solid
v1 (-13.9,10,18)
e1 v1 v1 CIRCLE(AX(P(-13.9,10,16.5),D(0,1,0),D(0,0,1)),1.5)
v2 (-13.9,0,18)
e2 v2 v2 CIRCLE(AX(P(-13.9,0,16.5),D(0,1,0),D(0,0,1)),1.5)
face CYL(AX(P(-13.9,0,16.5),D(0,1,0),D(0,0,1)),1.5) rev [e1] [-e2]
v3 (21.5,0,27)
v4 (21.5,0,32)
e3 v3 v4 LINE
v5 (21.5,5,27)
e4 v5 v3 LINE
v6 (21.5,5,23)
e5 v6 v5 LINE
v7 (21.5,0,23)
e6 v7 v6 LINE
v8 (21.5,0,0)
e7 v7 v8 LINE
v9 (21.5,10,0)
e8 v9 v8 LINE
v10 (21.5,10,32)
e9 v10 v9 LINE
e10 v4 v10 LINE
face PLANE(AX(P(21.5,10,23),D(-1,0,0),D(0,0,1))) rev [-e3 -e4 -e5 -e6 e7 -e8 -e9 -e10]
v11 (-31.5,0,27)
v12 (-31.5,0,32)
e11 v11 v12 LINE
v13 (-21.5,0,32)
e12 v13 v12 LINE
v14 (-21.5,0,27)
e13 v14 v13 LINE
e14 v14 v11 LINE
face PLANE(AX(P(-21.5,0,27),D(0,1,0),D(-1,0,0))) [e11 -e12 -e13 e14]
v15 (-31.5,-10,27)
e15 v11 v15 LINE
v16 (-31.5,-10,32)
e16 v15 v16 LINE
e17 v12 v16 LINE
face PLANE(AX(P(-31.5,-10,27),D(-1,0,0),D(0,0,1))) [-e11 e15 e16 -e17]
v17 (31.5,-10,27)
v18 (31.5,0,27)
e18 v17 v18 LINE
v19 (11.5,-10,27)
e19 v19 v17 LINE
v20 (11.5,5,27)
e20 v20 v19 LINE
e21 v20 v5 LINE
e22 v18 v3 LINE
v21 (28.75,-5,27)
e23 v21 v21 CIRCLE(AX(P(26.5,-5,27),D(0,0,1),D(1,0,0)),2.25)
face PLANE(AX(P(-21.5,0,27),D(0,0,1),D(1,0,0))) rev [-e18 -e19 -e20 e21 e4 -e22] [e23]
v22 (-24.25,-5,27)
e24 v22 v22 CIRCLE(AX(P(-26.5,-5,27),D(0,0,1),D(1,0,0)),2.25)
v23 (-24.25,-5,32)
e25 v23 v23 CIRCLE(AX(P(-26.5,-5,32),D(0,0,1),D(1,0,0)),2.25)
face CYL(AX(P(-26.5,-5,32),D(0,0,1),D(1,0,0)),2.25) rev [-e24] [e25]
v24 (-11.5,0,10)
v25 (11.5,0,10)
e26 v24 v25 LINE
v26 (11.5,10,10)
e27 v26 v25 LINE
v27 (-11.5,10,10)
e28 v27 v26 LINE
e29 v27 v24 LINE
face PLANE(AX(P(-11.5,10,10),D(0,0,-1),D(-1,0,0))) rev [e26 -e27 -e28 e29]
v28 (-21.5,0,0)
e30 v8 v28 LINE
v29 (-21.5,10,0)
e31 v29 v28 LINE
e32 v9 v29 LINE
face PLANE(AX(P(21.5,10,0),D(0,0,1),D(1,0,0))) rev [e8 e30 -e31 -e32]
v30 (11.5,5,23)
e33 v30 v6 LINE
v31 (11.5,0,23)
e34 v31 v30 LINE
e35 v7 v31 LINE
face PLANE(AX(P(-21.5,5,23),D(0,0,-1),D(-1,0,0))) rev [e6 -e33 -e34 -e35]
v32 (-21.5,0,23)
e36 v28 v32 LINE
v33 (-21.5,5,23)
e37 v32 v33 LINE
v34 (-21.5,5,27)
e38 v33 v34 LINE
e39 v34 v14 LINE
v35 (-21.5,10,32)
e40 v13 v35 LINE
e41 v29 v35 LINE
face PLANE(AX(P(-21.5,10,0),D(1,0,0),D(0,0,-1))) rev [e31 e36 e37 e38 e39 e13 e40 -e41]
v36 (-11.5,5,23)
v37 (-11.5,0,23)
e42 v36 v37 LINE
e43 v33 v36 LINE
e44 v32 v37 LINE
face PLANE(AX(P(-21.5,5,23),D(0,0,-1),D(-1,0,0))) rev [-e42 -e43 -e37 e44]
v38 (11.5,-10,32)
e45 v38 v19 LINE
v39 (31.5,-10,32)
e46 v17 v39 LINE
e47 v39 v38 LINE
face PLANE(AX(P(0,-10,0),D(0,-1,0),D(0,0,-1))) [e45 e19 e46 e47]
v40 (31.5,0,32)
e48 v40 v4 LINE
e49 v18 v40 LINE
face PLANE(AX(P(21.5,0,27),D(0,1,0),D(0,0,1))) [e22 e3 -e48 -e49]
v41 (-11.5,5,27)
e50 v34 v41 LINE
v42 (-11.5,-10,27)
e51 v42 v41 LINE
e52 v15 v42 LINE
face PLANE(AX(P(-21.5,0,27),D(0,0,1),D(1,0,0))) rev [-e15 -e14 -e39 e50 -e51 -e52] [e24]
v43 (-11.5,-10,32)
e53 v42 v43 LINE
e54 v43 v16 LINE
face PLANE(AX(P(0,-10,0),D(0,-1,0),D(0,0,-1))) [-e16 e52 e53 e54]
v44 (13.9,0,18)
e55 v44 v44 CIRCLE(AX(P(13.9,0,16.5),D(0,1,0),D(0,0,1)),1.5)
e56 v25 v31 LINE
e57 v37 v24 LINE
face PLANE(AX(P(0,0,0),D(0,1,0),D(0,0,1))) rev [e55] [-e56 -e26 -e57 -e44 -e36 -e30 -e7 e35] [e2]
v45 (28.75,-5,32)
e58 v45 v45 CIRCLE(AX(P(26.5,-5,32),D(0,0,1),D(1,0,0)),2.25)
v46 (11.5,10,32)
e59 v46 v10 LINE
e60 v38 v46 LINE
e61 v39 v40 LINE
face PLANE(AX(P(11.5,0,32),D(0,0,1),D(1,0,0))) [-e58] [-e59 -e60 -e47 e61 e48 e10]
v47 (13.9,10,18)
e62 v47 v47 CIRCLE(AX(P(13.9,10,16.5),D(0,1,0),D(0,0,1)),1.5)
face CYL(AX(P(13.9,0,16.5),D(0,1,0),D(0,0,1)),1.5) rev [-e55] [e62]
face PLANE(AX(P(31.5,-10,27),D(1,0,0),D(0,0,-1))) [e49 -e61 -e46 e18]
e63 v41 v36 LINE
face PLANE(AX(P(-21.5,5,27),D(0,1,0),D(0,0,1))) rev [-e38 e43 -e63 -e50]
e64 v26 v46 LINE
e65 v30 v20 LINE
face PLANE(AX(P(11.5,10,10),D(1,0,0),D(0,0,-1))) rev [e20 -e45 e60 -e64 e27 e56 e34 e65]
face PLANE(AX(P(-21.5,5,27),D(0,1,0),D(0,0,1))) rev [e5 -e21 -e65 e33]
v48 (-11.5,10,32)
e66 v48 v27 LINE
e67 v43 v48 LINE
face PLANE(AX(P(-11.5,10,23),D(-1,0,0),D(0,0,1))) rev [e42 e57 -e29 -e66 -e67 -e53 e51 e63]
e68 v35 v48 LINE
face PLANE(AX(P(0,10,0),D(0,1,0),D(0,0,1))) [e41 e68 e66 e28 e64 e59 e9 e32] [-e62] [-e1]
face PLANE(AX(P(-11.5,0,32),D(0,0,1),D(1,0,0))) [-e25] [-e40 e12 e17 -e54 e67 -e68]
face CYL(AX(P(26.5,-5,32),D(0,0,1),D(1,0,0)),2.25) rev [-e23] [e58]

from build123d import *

# Parameters (mm, degrees)
RESSALTO_EXTRUS_O1_DEPTH = 10
ESBO_O2_R                = 1.5
CORTE_EXTRUS_O1_DEPTH    = 11
RESSALTO_EXTRUS_O2_DEPTH = 10
ESBO_O4_W                = 4
ESBO_O4_H                = 5
CORTE_EXTRUS_O4_DEPTH    = 44
ESBO_O5_W                = 10
ESBO_O5_H                = 5
RESSALTO_EXTRUS_O3_DEPTH = 10
ESBO_O6_W                = 10
ESBO_O6_H                = 10
RESSALTO_EXTRUS_O4_DEPTH = 5
FURO_COM_FOLGA_DE_M41_D  = 4.5


with BuildPart() as part:
    # Esboço1 → Ressalto-extrusão1 (new body)
    with BuildSketch(Plane(origin=(0, 0, 0), x_dir=(1, 0, 0), z_dir=(0, 1, 0))):
        Polygon((-21.5, 0), (-21.5, -23), (-11.5, -23), (-11.5, -10), (11.5, -10), (11.5, -23), (21.5, -23), (21.5, 0), align=None)
    extrude(amount=RESSALTO_EXTRUS_O1_DEPTH)

    # Esboço2 → Corte-extrusão1 (cut, through all)
    with BuildSketch(Plane(origin=(0, 10, 0), x_dir=(1, 0, 0), z_dir=(0, 1, 0))):
        with Locations((-13.9, -16.5)):
            Circle(ESBO_O2_R)
        with Locations((13.9, -16.5)):
            Circle(ESBO_O2_R)
    extrude(amount=-CORTE_EXTRUS_O1_DEPTH, mode=Mode.SUBTRACT)

    # Esboço3 → Ressalto-extrusão2 (add)
    with BuildSketch(Plane(origin=(0, 10, 0), x_dir=(1, 0, 0), z_dir=(0, 1, 0))):
        Polygon((-21.5, -23), (-21.5, -27), (-21.5, -32), (-11.5, -32), (-11.5, -27), (-11.5, -23), align=None)
        Polygon((11.5, -23), (21.5, -23), (21.5, -27), (21.5, -32), (11.5, -32), (11.5, -27), align=None)
    extrude(amount=-RESSALTO_EXTRUS_O2_DEPTH)

    # Esboço4 → Corte-extrusão4 (cut, through all)
    with BuildSketch(Plane(origin=(21.5, 0, 0), x_dir=(0, 0, -1), z_dir=(1, 0, 0))):
        with Locations((-25, 2.5)):
            Rectangle(ESBO_O4_W, ESBO_O4_H)
    extrude(amount=-CORTE_EXTRUS_O4_DEPTH, mode=Mode.SUBTRACT)

    # Esboço5 → Ressalto-extrusão3 (add)
    with BuildSketch(Plane.XZ):
        with Locations((-16.5, 29.5)):
            Rectangle(ESBO_O5_W, ESBO_O5_H)
        with Locations((16.5, 29.5)):
            Rectangle(ESBO_O5_W, ESBO_O5_H)
    extrude(amount=RESSALTO_EXTRUS_O3_DEPTH)

    # Esboço6 → Ressalto-extrusão4 (add)
    with BuildSketch(Plane.XY.offset(32)):
        with Locations((-26.5, -5)):
            Rectangle(ESBO_O6_W, ESBO_O6_H)
        with Locations((26.5, -5)):
            Rectangle(ESBO_O6_W, ESBO_O6_H)
    extrude(amount=-RESSALTO_EXTRUS_O4_DEPTH)

    # Furo com folga de M41 (through all)
    with Locations(Plane(origin=(-26.5, -5, 32), x_dir=(1, 0, 0), z_dir=(0, 0, 1))):
        with Locations((0, 0), (53, 0)):
            Hole(FURO_COM_FOLGA_DE_M41_D / 2)


solid = part.part
